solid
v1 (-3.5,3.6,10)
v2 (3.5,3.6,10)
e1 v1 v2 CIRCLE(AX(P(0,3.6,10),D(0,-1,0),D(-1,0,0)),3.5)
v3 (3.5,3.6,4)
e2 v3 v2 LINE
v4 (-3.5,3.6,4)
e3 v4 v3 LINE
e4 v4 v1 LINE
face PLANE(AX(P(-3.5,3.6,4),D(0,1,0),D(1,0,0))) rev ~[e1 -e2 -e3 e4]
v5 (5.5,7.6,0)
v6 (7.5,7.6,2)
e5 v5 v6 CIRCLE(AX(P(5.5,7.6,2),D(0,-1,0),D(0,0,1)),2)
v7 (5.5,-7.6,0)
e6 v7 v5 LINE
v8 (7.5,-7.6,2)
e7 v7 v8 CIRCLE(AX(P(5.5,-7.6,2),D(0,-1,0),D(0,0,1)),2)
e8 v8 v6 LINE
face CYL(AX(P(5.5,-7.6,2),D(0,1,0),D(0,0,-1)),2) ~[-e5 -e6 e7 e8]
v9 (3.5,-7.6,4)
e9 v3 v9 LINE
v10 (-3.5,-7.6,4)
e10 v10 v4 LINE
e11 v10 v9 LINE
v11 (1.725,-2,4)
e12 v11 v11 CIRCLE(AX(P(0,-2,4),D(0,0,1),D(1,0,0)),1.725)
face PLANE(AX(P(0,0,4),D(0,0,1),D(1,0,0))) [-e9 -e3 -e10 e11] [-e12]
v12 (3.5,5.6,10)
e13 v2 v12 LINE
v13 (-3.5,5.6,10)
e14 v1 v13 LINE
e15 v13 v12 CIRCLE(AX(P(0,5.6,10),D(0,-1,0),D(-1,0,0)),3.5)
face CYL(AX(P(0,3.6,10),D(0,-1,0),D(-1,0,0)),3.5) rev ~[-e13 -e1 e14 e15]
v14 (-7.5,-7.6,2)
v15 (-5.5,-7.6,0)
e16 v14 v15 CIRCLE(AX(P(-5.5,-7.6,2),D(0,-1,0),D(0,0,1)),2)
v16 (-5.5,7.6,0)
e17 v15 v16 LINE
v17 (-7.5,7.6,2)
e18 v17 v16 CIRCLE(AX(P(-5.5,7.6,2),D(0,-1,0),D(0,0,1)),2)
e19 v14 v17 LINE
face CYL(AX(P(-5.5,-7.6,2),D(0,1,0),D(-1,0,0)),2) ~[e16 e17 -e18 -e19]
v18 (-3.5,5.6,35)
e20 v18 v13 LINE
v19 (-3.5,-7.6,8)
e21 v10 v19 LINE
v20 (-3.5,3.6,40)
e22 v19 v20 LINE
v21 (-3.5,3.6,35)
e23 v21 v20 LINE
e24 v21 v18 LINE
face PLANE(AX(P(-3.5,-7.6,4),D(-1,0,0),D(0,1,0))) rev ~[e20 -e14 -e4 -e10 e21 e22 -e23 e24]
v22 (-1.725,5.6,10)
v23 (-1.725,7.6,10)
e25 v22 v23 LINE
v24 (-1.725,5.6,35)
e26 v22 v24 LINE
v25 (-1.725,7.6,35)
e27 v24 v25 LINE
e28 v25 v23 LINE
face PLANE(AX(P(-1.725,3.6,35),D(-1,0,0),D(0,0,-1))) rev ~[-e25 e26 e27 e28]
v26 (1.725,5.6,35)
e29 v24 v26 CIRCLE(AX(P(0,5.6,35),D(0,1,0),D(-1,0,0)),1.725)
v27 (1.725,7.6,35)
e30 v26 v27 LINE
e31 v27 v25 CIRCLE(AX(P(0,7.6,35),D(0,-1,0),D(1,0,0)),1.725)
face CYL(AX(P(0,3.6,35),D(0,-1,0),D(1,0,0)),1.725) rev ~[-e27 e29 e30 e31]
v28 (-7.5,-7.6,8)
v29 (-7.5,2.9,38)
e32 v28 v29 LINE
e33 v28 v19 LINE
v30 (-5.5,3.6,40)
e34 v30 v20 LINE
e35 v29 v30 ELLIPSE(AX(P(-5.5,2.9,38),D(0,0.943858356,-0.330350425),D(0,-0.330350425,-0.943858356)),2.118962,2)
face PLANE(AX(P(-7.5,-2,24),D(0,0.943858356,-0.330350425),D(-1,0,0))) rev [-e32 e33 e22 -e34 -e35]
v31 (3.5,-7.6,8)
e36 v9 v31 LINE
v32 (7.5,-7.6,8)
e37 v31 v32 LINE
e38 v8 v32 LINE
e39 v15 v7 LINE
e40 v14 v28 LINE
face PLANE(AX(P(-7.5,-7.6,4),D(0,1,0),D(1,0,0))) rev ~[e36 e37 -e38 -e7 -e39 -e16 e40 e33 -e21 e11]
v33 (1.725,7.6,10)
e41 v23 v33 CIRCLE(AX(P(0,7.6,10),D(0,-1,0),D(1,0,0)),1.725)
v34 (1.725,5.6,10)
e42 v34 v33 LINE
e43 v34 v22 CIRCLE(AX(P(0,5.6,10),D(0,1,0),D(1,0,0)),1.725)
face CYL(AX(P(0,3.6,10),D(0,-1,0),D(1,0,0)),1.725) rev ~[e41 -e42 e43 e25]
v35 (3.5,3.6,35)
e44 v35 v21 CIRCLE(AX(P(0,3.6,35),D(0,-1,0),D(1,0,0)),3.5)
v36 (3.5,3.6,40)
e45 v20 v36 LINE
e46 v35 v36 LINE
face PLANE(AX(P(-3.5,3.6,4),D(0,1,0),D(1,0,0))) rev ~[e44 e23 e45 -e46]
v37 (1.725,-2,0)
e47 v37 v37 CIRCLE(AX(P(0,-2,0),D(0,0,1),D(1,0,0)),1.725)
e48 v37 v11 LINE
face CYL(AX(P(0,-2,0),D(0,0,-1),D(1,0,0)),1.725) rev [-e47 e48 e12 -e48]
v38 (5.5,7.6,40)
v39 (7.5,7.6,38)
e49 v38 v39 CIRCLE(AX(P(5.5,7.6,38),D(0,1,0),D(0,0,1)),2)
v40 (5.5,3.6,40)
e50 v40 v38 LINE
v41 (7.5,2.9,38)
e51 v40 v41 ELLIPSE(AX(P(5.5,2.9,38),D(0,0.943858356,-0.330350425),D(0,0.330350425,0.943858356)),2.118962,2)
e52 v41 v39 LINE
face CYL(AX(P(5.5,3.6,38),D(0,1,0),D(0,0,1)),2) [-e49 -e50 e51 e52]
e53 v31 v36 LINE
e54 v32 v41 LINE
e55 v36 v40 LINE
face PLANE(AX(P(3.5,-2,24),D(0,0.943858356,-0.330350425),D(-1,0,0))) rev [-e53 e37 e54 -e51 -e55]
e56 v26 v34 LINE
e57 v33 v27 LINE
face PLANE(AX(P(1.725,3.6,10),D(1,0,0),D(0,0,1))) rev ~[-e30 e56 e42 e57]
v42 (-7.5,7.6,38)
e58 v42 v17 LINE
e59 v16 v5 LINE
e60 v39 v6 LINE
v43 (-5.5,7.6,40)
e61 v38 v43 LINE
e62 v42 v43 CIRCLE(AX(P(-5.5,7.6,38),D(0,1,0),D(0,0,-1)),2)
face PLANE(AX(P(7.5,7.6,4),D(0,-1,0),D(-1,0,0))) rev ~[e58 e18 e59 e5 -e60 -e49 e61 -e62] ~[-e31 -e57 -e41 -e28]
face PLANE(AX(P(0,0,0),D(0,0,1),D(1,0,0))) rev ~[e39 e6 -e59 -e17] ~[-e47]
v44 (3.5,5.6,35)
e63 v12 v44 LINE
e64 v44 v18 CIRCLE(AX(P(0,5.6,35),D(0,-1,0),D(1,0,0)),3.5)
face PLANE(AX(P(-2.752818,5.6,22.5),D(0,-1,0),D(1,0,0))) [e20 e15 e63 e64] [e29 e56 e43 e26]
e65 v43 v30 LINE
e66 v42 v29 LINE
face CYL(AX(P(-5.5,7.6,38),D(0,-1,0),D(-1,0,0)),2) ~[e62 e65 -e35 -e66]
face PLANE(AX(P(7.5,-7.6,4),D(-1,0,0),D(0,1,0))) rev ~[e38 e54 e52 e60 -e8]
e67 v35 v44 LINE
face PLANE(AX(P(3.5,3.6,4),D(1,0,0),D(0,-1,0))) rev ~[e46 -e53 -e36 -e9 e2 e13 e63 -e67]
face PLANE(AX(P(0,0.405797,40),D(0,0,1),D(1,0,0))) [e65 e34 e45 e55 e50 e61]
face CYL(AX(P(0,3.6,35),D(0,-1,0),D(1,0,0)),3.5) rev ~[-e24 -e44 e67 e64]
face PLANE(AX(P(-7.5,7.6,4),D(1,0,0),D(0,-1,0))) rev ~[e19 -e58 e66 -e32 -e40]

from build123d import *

# Parameters (mm, degrees)
F0_W     = 15
F0_H     = 15.2
F0_R     = 1.725
F1_DEPTH = 4
F3_DEPTH = 36
F5_DEPTH = 2
F6_DEPTH = 4
F7_SIZE2 = 11.2
F7_SIZE  = 32
F8_R     = 2


with BuildPart() as f1:
    # F0 (on Top) → F1 (new body)
    with BuildSketch(Plane.XY):
        Rectangle(F0_W, F0_H)
        with Locations((0, -2)):
            Circle(F0_R, mode=Mode.SUBTRACT)
    extrude(amount=F1_DEPTH)

    # F2 (on face) → F3 (join)
    with BuildSketch(Plane.XY.offset(4)):
        Polygon((-7.5, 7.6), (-7.5, -7.6), (-3.5, -7.6), (-3.5, -2), (-3.5, 3.6), (3.5, 3.6), (3.5, -2), (3.5, -7.6), (7.5, -7.6), (7.5, 7.6), align=None)
    extrude(amount=F3_DEPTH)

    # F4 (on face) → F5 (cut)
    with BuildSketch(Plane.XZ.offset(-3.6)):
        with BuildLine():
            Line((-1.725, 13.045385854), (-1.725, 31.954614146))
            ThreePointArc((-1.725, 31.954614146), (-3.0238634228, 33.2375443268), (-3.5, 35))
            Line((-3.5, 35), (-3.5, 10))
            ThreePointArc((-3.5, 10), (-3.0238634228, 11.7624556732), (-1.725, 13.045385854))
        make_face()
        with BuildLine():
            ThreePointArc((3.5, 35), (3.0238634228, 33.2375443268), (1.725, 31.954614146))
            Line((1.725, 31.954614146), (1.725, 13.045385854))
            ThreePointArc((1.725, 13.045385854), (3.0238634228, 11.7624556732), (3.5, 10))
            Line((3.5, 10), (3.5, 35))
        make_face()
        with BuildLine():
            ThreePointArc((-1.725, 35), (0, 36.725), (1.725, 35))
            Line((1.725, 35), (1.725, 31.954614146))
            ThreePointArc((1.725, 31.954614146), (3.0238634228, 33.2375443268), (3.5, 35))
            ThreePointArc((3.5, 35), (0, 38.5), (-3.5, 35))
            ThreePointArc((-3.5, 35), (-3.0238634228, 33.2375443268), (-1.725, 31.954614146))
            Line((-1.725, 31.954614146), (-1.725, 35))
        make_face()
        with BuildLine():
            ThreePointArc((3.5, 10), (3.0238634228, 11.7624556732), (1.725, 13.045385854))
            Line((1.725, 13.045385854), (1.725, 10))
            ThreePointArc((1.725, 10), (0, 8.275), (-1.725, 10))
            Line((-1.725, 10), (-1.725, 13.045385854))
            ThreePointArc((-1.725, 13.045385854), (-3.0238634228, 11.7624556732), (-3.5, 10))
            ThreePointArc((-3.5, 10), (0, 6.5), (3.5, 10))
        make_face()
    extrude(amount=-F5_DEPTH, mode=Mode.SUBTRACT)

    # F4 (on face) → F6 (cut, through all)
    with BuildSketch(Plane.XZ.offset(-3.6)):
        with BuildLine():
            ThreePointArc((-1.725, 35), (0, 33.275), (1.725, 35))
            ThreePointArc((1.725, 35), (0, 36.725), (-1.725, 35))
        make_face()
        with BuildLine():
            Line((1.725, 31.954614146), (1.725, 35))
            ThreePointArc((1.725, 35), (0, 33.275), (-1.725, 35))
            Line((-1.725, 35), (-1.725, 31.954614146))
            ThreePointArc((-1.725, 31.954614146), (0, 31.5), (1.725, 31.954614146))
        make_face()
        with BuildLine():
            Line((1.725, 13.045385854), (1.725, 31.954614146))
            ThreePointArc((1.725, 31.954614146), (0, 31.5), (-1.725, 31.954614146))
            Line((-1.725, 31.954614146), (-1.725, 13.045385854))
            ThreePointArc((-1.725, 13.045385854), (0, 13.5), (1.725, 13.045385854))
        make_face()
        with BuildLine():
            Line((1.725, 10), (1.725, 13.045385854))
            ThreePointArc((1.725, 13.045385854), (0, 13.5), (-1.725, 13.045385854))
            Line((-1.725, 13.045385854), (-1.725, 10))
            ThreePointArc((-1.725, 10), (0, 11.725), (1.725, 10))
        make_face()
        with BuildLine():
            ThreePointArc((-1.725, 10), (0, 8.275), (1.725, 10))
            ThreePointArc((1.725, 10), (0, 11.725), (-1.725, 10))
        make_face()
    extrude(amount=-F6_DEPTH, mode=Mode.SUBTRACT)

    # F7
    f7_edges = [f1.edges().sort_by_distance(p)[0] for p in [
        (5.5, -7.6, 40),
        (-5.5, -7.6, 40),
    ]]
    f7_side = f1.faces().sort_by_distance((-7.0728, -7.6, 20))[0]
    chamfer(f7_edges, length=F7_SIZE, length2=F7_SIZE2, reference=f7_side)

    # F8
    f8_edges = [f1.edges().sort_by_distance(p)[0] for p in [
        (-7.5, 5.6, 40),
        (7.5, 5.6, 40),
        (-7.5, 0, 0),
        (7.5, 0, 0),
    ]]
    fillet(f8_edges, radius=F8_R)


solid = f1.part
